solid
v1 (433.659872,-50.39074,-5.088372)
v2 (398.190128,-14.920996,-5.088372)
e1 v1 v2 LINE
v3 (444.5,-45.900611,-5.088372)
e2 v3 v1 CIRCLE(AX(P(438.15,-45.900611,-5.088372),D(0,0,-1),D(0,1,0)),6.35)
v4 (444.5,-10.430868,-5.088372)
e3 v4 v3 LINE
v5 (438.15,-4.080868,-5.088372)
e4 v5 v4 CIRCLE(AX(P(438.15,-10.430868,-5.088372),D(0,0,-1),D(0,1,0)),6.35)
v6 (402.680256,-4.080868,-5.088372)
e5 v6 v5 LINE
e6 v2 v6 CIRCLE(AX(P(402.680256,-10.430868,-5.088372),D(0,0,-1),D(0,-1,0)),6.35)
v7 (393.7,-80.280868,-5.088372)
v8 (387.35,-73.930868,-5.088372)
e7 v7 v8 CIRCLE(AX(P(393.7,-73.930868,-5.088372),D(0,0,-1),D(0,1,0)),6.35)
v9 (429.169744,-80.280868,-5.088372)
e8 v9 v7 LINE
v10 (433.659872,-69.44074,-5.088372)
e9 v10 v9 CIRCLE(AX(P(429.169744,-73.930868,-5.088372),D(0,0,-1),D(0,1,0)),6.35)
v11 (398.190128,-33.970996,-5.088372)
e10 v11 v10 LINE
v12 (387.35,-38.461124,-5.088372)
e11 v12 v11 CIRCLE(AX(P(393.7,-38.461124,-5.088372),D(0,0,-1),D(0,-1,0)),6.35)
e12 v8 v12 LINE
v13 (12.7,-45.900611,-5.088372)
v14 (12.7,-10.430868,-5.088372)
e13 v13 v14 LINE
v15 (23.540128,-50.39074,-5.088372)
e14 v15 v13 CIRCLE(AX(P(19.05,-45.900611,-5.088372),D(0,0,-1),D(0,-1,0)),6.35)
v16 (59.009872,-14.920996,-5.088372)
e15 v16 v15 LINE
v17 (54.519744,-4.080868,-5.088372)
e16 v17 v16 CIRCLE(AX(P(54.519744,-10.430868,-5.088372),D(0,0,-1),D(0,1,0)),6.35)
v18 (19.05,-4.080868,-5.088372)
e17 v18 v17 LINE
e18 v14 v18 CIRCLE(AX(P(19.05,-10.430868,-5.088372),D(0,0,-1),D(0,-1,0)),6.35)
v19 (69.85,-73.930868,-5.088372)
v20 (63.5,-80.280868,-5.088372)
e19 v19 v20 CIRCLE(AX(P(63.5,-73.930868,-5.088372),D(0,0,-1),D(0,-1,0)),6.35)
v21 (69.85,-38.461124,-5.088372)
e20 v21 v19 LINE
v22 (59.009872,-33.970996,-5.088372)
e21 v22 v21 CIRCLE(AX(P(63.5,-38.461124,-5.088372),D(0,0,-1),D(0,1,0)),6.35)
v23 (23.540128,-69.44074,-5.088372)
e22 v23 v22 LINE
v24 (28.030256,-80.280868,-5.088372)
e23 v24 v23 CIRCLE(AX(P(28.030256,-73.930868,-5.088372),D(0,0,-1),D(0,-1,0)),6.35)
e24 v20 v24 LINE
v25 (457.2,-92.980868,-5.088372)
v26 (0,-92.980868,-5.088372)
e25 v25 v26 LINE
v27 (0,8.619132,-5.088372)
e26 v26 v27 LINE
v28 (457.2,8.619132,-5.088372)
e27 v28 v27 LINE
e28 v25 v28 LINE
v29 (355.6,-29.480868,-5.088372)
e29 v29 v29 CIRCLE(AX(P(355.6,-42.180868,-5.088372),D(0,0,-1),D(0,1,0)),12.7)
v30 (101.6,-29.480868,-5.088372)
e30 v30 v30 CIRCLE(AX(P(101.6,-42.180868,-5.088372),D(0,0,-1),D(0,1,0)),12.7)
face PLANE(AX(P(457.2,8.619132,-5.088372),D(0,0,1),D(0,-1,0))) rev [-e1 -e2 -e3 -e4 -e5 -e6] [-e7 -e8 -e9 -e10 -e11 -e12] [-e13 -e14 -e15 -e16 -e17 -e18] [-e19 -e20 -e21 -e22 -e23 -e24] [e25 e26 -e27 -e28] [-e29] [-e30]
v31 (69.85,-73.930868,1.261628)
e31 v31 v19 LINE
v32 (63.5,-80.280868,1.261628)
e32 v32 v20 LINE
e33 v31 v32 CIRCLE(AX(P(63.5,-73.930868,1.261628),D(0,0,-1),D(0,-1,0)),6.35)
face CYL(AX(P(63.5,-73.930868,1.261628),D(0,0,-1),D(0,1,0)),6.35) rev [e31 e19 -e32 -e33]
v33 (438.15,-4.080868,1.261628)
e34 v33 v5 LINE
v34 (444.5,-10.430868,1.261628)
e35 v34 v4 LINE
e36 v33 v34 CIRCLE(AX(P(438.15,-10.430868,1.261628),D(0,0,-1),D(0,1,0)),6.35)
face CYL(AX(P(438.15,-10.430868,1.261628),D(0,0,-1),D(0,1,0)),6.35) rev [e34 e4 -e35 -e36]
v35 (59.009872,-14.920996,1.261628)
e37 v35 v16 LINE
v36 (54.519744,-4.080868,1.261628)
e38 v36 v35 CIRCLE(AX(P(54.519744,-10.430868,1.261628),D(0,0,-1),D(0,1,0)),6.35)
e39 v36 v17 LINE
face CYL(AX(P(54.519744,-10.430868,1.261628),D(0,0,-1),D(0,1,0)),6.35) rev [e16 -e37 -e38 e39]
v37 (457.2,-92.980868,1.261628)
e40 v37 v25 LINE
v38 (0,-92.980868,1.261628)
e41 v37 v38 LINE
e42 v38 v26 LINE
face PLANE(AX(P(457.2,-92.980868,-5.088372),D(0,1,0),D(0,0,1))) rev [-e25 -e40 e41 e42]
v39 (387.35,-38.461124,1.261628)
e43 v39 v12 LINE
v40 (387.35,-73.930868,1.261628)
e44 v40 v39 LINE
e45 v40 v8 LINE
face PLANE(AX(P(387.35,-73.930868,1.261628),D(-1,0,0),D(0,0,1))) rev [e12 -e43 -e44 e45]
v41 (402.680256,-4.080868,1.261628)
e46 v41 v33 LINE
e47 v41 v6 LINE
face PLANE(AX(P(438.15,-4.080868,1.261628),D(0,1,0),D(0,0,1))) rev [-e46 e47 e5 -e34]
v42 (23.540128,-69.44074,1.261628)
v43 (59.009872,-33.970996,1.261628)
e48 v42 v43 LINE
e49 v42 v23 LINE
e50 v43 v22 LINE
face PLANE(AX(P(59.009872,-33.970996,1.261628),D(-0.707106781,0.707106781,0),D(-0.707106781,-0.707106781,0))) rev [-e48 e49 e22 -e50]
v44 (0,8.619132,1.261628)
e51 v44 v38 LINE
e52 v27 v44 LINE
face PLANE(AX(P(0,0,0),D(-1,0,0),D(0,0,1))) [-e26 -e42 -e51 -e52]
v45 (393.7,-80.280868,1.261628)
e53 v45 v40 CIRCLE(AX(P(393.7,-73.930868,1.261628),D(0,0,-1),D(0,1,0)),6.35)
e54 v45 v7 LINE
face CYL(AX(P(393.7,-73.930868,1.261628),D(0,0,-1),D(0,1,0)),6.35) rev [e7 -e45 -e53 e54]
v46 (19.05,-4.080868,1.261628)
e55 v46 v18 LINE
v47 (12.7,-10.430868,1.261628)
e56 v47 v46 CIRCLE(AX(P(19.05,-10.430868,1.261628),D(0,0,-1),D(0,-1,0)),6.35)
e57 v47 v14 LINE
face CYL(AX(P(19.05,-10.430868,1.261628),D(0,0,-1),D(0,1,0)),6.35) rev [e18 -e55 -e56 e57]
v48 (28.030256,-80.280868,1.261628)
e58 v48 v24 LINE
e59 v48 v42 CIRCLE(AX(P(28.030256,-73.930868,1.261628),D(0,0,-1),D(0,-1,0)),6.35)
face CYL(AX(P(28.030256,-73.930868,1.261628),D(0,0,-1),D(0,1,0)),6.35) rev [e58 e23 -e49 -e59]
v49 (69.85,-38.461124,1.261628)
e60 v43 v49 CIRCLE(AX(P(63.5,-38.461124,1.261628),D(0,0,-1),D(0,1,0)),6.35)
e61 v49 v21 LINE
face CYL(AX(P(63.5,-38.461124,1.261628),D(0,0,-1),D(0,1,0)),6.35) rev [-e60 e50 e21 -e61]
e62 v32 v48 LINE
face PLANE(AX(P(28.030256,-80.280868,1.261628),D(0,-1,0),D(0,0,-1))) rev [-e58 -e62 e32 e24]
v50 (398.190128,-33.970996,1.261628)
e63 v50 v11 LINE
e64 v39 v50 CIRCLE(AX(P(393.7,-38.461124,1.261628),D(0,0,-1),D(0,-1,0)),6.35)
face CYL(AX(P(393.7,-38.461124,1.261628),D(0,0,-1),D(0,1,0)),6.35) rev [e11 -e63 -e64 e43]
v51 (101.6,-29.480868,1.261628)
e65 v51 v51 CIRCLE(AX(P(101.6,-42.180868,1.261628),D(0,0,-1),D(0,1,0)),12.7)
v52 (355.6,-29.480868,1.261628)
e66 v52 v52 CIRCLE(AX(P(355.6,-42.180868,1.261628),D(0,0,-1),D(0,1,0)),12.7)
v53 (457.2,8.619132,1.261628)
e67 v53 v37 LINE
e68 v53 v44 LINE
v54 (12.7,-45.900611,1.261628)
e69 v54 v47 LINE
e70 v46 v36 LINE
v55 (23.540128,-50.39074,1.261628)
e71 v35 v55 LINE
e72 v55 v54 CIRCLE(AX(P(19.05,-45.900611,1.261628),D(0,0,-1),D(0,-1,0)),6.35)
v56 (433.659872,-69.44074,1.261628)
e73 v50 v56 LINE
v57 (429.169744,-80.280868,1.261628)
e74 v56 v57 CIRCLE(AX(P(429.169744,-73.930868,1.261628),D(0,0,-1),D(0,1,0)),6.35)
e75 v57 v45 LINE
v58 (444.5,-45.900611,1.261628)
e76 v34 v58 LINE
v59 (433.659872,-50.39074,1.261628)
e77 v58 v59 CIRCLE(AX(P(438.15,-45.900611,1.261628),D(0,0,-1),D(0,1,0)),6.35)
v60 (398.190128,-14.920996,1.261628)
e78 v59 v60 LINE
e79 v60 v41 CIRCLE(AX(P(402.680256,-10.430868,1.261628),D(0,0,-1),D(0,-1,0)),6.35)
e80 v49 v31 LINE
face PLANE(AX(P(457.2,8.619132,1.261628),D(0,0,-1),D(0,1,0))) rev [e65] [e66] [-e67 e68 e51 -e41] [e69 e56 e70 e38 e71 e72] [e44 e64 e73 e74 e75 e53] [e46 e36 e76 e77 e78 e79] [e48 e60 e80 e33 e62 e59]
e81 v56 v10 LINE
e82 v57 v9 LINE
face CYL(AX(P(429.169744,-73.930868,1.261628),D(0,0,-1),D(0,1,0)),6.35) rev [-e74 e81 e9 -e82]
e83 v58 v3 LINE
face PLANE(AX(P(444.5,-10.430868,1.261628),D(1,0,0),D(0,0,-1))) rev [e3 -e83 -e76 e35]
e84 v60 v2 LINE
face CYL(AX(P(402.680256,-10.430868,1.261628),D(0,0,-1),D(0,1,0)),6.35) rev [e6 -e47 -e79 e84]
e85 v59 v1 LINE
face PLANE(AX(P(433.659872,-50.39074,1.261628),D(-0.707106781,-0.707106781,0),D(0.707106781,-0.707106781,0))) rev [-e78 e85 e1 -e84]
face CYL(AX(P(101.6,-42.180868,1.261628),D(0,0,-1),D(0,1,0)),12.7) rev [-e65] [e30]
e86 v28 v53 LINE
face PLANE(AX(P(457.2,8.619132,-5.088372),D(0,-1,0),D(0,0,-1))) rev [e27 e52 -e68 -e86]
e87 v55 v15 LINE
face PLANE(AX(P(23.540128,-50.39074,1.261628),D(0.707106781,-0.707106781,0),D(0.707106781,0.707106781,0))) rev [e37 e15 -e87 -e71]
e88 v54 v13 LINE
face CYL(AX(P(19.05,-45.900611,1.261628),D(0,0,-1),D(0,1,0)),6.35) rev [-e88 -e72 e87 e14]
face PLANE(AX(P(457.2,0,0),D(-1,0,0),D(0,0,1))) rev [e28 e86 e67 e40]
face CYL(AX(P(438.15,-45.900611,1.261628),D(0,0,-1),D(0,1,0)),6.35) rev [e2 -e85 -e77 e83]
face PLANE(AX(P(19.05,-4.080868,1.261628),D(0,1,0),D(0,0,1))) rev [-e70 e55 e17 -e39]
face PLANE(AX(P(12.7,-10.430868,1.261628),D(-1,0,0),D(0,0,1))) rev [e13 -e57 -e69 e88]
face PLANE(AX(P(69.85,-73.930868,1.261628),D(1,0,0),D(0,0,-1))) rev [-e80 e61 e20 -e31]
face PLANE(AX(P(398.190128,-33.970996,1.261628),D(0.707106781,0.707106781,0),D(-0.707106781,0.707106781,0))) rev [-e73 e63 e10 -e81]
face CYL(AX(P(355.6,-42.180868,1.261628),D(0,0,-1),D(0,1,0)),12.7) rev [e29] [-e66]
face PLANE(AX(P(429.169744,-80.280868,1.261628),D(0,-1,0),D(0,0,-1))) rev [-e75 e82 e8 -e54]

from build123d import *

# Parameters (mm, degrees)
SKETCH1_W           = 6.35
SKETCH1_H           = 101.6
BOSS_EXTRUDE1_DEPTH = 457.2
SKETCH2_R           = 12.7
CUT_EXTRUDE1_DEPTH  = 467.602190566
CUT_EXTRUDE2_DEPTH  = 467.602190566


with BuildPart() as part:
    # Sketch1 → Boss-Extrude1 (new body)
    with BuildSketch(Plane(origin=(0, 0, 0), x_dir=(0, 0, -1), z_dir=(1, 0, 0))):
        with Locations((1.913371748, -42.180867605)):
            Rectangle(SKETCH1_W, SKETCH1_H)
    extrude(amount=BOSS_EXTRUDE1_DEPTH)

    # Sketch2 → Cut-Extrude1 (cut, through all)
    with BuildSketch(Plane(origin=(0, 0, -5.088371748), x_dir=(-1, 0, 0), z_dir=(0, 0, -1))):
        with Locations(Location((-355.6, -42.180867605, 0), (0, 0, 90))):
            Circle(SKETCH2_R)
        with Locations(Location((-101.6, -42.180867605, 0), (0, 0, 90))):
            Circle(SKETCH2_R)
    extrude(amount=-CUT_EXTRUDE1_DEPTH, mode=Mode.SUBTRACT)

    # Sketch3 → Cut-Extrude2 (cut, through all)
    with BuildSketch(Plane(origin=(0, 0, -5.088371748), x_dir=(-1, 0, 0), z_dir=(0, 0, -1))):
        with BuildLine():
            Line((-438.15, -4.080867605), (-402.680256121, -4.080867605))
            ThreePointArc((-402.680256121, -4.080867605), (-396.81362109, -8.000827809), (-398.190128061, -14.920995665))
            Line((-398.190128061, -14.920995665), (-433.659871939, -50.390739544))
            ThreePointArc((-433.659871939, -50.390739544), (-440.580039796, -51.767246515), (-444.5, -45.900611484))
            Line((-444.5, -45.900611484), (-444.5, -10.430867605))
            ThreePointArc((-444.5, -10.430867605), (-442.640128061, -5.940739544), (-438.15, -4.080867605))
        make_face()
        with BuildLine():
            Line((-398.190128061, -33.970995665), (-433.659871939, -69.440739544))
            ThreePointArc((-433.659871939, -69.440739544), (-435.03637891, -76.3609074), (-429.169743879, -80.280867605))
            Line((-429.169743879, -80.280867605), (-393.7, -80.280867605))
            ThreePointArc((-393.7, -80.280867605), (-389.209871939, -78.420995665), (-387.35, -73.930867605))
            Line((-387.35, -73.930867605), (-387.35, -38.461123726))
            ThreePointArc((-387.35, -38.461123726), (-391.269960204, -32.594488694), (-398.190128061, -33.970995665))
        make_face()
        with BuildLine():
            Line((-69.85, -73.930867605), (-69.85, -38.461123726))
            ThreePointArc((-69.85, -38.461123726), (-65.930039796, -32.594488694), (-59.009871939, -33.970995665))
            Line((-59.009871939, -33.970995665), (-23.540128061, -69.440739544))
            ThreePointArc((-23.540128061, -69.440739544), (-22.16362109, -76.3609074), (-28.030256121, -80.280867605))
            Line((-28.030256121, -80.280867605), (-63.5, -80.280867605))
            ThreePointArc((-63.5, -80.280867605), (-67.990128061, -78.420995665), (-69.85, -73.930867605))
        make_face()
        with BuildLine():
            Line((-23.540128061, -50.390739544), (-59.009871939, -14.920995665))
            ThreePointArc((-59.009871939, -14.920995665), (-60.38637891, -8.000827809), (-54.519743879, -4.080867605))
            Line((-54.519743879, -4.080867605), (-19.05, -4.080867605))
            ThreePointArc((-19.05, -4.080867605), (-14.559871939, -5.940739544), (-12.7, -10.430867605))
            Line((-12.7, -10.430867605), (-12.7, -45.900611484))
            ThreePointArc((-12.7, -45.900611484), (-16.619960204, -51.767246515), (-23.540128061, -50.390739544))
        make_face()
    extrude(amount=-CUT_EXTRUDE2_DEPTH, mode=Mode.SUBTRACT)


solid = part.part
